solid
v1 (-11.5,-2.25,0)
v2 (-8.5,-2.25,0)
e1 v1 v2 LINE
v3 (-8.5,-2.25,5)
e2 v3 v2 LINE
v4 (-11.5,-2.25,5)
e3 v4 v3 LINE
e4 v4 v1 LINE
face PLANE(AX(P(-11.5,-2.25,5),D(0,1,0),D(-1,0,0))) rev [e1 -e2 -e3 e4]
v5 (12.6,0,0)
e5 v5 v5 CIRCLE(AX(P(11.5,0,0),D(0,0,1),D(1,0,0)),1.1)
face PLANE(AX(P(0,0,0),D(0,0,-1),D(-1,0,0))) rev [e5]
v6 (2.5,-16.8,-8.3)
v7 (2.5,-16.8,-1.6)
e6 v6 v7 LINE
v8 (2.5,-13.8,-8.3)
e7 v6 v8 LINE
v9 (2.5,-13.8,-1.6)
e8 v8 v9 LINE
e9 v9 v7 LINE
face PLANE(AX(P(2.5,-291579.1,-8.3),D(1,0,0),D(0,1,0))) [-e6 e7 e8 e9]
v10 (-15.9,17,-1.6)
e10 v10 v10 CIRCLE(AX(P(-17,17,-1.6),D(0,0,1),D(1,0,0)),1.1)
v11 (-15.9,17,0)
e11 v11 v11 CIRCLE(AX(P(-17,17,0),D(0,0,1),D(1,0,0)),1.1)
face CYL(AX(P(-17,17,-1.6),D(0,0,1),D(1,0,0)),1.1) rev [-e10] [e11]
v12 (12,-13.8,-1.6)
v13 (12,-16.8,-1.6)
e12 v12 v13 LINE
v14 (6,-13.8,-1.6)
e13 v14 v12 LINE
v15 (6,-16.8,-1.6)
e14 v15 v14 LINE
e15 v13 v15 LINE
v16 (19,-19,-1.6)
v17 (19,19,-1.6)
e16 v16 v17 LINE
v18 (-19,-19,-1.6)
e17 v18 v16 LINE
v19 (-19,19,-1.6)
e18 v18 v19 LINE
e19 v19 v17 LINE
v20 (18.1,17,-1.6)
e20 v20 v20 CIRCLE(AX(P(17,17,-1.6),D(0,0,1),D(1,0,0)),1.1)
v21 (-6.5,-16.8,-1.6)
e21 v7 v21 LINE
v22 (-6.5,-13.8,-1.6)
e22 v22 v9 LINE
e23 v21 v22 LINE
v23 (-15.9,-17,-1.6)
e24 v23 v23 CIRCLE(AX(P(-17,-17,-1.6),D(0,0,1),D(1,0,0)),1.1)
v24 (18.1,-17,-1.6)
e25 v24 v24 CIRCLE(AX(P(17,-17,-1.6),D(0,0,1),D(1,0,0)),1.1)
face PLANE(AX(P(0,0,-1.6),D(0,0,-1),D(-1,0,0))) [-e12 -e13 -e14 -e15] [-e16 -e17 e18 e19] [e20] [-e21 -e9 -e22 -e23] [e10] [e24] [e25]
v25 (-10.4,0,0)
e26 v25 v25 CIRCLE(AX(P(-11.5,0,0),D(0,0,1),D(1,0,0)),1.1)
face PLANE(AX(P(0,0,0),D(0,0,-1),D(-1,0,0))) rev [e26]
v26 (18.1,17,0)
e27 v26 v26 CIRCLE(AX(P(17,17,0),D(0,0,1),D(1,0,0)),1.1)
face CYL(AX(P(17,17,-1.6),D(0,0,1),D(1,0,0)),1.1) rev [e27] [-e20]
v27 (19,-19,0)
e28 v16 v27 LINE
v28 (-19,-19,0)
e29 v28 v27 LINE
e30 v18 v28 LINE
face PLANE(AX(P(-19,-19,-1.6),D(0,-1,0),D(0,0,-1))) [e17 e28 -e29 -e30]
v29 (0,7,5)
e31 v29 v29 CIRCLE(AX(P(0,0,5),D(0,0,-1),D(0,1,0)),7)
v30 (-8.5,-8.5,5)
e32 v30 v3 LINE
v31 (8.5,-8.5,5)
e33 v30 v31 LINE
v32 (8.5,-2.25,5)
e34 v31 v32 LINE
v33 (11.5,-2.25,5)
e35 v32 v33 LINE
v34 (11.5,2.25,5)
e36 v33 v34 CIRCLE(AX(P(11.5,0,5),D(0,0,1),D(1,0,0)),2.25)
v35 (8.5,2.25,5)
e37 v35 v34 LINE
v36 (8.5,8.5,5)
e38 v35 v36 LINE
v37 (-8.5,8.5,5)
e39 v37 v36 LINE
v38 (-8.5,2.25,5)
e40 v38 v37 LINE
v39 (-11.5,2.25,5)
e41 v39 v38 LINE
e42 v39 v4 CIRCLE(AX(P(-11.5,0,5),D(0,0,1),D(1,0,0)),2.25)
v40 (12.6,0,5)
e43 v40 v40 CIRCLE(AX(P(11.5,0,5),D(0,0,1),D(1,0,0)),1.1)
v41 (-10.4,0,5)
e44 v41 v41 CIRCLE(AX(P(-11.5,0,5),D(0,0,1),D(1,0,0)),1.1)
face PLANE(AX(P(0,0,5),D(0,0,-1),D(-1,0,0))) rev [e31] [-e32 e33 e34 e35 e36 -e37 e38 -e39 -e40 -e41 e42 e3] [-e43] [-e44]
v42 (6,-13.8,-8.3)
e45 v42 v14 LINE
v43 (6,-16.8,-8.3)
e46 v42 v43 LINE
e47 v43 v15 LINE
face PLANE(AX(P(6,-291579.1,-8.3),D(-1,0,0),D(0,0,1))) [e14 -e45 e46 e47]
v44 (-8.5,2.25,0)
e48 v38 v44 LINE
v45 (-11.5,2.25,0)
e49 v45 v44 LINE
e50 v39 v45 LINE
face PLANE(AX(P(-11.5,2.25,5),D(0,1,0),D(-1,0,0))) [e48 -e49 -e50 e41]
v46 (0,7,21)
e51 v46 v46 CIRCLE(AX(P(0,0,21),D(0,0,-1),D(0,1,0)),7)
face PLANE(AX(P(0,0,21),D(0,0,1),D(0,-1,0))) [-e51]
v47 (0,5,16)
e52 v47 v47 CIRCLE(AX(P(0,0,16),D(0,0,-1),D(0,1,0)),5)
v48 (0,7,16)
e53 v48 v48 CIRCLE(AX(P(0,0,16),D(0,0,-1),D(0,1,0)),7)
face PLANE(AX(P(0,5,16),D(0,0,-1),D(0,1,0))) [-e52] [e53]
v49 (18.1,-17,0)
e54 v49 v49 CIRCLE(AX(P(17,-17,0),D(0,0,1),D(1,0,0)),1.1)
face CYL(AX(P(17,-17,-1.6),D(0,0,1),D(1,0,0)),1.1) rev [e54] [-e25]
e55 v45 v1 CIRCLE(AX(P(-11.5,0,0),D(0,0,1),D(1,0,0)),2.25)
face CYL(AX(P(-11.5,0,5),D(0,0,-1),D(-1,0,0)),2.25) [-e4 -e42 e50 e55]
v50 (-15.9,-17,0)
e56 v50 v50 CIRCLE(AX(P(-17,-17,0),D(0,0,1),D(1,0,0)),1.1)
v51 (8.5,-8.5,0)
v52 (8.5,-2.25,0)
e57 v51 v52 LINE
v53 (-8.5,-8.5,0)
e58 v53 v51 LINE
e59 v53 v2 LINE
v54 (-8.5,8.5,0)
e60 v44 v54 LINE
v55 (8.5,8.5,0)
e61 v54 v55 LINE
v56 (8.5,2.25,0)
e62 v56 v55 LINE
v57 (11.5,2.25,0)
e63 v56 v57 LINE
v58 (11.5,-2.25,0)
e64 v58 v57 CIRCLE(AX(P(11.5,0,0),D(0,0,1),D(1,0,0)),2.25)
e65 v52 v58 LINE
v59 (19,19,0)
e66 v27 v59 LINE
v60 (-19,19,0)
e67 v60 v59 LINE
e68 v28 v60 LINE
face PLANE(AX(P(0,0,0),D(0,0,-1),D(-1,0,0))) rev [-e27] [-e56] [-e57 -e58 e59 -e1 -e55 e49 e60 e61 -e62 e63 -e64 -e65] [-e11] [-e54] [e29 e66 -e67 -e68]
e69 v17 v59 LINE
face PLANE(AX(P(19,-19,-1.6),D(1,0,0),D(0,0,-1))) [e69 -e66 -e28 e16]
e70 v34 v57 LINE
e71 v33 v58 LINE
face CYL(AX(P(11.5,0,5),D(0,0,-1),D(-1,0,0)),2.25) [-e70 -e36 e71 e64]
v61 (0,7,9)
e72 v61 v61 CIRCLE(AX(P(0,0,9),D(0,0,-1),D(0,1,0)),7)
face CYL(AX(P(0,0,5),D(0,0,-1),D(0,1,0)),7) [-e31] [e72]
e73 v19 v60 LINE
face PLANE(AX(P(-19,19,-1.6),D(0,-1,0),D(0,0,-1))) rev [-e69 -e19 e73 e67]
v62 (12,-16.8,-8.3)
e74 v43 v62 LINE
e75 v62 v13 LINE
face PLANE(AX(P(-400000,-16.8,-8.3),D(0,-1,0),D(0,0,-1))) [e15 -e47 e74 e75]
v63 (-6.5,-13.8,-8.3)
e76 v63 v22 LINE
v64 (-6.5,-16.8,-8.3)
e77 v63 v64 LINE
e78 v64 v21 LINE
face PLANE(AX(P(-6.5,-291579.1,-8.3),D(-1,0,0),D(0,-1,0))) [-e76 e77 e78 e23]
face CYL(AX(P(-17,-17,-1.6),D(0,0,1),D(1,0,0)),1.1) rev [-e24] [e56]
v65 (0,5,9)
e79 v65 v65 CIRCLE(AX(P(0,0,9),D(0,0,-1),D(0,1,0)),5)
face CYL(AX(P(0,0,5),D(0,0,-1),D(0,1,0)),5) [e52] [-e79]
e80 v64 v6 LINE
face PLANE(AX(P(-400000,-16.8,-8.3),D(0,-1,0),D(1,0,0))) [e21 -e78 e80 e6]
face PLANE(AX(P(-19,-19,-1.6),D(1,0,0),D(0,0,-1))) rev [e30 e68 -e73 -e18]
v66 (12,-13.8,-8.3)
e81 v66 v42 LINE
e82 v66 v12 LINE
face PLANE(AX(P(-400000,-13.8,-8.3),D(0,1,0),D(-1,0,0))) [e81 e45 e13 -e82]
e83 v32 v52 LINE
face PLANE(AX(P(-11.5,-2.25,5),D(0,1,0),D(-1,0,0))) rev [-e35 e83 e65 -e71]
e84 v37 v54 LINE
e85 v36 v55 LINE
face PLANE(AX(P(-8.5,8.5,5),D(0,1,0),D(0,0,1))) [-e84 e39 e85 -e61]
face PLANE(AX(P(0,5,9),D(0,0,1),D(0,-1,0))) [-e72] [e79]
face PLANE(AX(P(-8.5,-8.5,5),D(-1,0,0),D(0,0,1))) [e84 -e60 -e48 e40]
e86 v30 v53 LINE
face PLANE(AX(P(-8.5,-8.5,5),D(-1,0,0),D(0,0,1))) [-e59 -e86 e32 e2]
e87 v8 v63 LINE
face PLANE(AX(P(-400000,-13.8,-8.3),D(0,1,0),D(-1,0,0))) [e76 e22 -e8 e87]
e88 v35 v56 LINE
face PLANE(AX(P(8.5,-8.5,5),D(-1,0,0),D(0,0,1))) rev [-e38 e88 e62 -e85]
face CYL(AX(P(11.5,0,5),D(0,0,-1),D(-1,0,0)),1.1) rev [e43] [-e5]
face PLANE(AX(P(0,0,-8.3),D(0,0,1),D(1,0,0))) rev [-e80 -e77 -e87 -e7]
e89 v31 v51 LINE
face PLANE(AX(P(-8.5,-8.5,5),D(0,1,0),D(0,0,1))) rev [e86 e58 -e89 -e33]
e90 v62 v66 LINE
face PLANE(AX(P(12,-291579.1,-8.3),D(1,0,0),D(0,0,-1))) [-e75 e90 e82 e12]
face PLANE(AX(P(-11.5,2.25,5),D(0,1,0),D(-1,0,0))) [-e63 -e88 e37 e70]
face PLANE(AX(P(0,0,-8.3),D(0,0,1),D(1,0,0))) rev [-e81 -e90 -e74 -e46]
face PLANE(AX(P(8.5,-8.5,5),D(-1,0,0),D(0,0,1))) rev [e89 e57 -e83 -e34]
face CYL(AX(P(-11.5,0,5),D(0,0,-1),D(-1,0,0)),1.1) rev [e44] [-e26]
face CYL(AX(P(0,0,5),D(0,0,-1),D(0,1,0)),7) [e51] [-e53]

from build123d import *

# Parameters (mm, degrees)
SKETCH_1_W      = 38
SKETCH_1_H      = 38
SKETCH_1_R      = 1.1
EXTRUDE_2_DEPTH = 1.6
SKETCH_1_4_W    = 17
SKETCH_1_4_H    = 17
SKETCH_1_4_R    = 1.1
EXTRUDE_3_DEPTH = 5
EXTRUDE_START   = -1.6
SKETCH_4_W      = 6
SKETCH_4_H      = 3
SKETCH_4_W_2    = 9
EXTRUDE_4_DEPTH = 8.3


with BuildPart() as part:
    # 草图1 → 凸台-拉伸2 (new body)
    with BuildSketch(Plane.XY):
        Rectangle(SKETCH_1_W, SKETCH_1_H)
        with Locations((-17, 17)):
            Circle(SKETCH_1_R, mode=Mode.SUBTRACT)
        with Locations((17, 17)):
            Circle(SKETCH_1_R, mode=Mode.SUBTRACT)
        with Locations((17, -17)):
            Circle(SKETCH_1_R, mode=Mode.SUBTRACT)
        with Locations((-17, -17)):
            Circle(SKETCH_1_R, mode=Mode.SUBTRACT)
    extrude(amount=-EXTRUDE_2_DEPTH)

    # 草图1<4> → 凸台-拉伸3 (add)
    # profile 1 of 2: a face of its own
    with BuildSketch(Plane.XY):
        Rectangle(SKETCH_1_4_W, SKETCH_1_4_H)
    # profile 2 of 2: a face of its own
    with BuildSketch(Plane.XY):
        with BuildLine():
            Line((-11.5, 2.25), (11.5, 2.25))
            ThreePointArc((11.5, 2.25), (13.75, 0), (11.5, -2.25))
            Line((11.5, -2.25), (-11.5, -2.25))
            ThreePointArc((-11.5, -2.25), (-13.75, 0), (-11.5, 2.25))
        make_face()
        with Locations((11.5, 0)):
            Circle(SKETCH_1_4_R, mode=Mode.SUBTRACT)
        with Locations((-11.5, 0)):
            Circle(SKETCH_1_4_R, mode=Mode.SUBTRACT)
    extrude(amount=EXTRUDE_3_DEPTH)

    # 草图3 → 旋转3 (revolve)
    with BuildSketch(Plane(origin=(0, 0, 0), x_dir=(0, 0, -1), z_dir=(1, 0, 0))):
        Polygon((-5, 0), (-9, 0), (-16, 0), (-21, 0), (-21, 7), (-16, 7), (-16, 5), (-9, 5), (-9, 7), (-5, 7), align=None)
    revolve(axis=Axis((0, 0, 5), (0, 0, 1)))

    # 草图4 → 凸台-拉伸4 (add)
    with BuildSketch(Plane(origin=(0, 0, -1.6), x_dir=(-1, 0, 0), z_dir=(0, 0, -1)).offset(EXTRUDE_START)):
        with Locations((-9, -15.3)):
            Rectangle(SKETCH_4_W, SKETCH_4_H)
        with Locations((2, -15.3)):
            Rectangle(SKETCH_4_W_2, SKETCH_4_H)
    extrude(amount=EXTRUDE_4_DEPTH)


solid = part.part
